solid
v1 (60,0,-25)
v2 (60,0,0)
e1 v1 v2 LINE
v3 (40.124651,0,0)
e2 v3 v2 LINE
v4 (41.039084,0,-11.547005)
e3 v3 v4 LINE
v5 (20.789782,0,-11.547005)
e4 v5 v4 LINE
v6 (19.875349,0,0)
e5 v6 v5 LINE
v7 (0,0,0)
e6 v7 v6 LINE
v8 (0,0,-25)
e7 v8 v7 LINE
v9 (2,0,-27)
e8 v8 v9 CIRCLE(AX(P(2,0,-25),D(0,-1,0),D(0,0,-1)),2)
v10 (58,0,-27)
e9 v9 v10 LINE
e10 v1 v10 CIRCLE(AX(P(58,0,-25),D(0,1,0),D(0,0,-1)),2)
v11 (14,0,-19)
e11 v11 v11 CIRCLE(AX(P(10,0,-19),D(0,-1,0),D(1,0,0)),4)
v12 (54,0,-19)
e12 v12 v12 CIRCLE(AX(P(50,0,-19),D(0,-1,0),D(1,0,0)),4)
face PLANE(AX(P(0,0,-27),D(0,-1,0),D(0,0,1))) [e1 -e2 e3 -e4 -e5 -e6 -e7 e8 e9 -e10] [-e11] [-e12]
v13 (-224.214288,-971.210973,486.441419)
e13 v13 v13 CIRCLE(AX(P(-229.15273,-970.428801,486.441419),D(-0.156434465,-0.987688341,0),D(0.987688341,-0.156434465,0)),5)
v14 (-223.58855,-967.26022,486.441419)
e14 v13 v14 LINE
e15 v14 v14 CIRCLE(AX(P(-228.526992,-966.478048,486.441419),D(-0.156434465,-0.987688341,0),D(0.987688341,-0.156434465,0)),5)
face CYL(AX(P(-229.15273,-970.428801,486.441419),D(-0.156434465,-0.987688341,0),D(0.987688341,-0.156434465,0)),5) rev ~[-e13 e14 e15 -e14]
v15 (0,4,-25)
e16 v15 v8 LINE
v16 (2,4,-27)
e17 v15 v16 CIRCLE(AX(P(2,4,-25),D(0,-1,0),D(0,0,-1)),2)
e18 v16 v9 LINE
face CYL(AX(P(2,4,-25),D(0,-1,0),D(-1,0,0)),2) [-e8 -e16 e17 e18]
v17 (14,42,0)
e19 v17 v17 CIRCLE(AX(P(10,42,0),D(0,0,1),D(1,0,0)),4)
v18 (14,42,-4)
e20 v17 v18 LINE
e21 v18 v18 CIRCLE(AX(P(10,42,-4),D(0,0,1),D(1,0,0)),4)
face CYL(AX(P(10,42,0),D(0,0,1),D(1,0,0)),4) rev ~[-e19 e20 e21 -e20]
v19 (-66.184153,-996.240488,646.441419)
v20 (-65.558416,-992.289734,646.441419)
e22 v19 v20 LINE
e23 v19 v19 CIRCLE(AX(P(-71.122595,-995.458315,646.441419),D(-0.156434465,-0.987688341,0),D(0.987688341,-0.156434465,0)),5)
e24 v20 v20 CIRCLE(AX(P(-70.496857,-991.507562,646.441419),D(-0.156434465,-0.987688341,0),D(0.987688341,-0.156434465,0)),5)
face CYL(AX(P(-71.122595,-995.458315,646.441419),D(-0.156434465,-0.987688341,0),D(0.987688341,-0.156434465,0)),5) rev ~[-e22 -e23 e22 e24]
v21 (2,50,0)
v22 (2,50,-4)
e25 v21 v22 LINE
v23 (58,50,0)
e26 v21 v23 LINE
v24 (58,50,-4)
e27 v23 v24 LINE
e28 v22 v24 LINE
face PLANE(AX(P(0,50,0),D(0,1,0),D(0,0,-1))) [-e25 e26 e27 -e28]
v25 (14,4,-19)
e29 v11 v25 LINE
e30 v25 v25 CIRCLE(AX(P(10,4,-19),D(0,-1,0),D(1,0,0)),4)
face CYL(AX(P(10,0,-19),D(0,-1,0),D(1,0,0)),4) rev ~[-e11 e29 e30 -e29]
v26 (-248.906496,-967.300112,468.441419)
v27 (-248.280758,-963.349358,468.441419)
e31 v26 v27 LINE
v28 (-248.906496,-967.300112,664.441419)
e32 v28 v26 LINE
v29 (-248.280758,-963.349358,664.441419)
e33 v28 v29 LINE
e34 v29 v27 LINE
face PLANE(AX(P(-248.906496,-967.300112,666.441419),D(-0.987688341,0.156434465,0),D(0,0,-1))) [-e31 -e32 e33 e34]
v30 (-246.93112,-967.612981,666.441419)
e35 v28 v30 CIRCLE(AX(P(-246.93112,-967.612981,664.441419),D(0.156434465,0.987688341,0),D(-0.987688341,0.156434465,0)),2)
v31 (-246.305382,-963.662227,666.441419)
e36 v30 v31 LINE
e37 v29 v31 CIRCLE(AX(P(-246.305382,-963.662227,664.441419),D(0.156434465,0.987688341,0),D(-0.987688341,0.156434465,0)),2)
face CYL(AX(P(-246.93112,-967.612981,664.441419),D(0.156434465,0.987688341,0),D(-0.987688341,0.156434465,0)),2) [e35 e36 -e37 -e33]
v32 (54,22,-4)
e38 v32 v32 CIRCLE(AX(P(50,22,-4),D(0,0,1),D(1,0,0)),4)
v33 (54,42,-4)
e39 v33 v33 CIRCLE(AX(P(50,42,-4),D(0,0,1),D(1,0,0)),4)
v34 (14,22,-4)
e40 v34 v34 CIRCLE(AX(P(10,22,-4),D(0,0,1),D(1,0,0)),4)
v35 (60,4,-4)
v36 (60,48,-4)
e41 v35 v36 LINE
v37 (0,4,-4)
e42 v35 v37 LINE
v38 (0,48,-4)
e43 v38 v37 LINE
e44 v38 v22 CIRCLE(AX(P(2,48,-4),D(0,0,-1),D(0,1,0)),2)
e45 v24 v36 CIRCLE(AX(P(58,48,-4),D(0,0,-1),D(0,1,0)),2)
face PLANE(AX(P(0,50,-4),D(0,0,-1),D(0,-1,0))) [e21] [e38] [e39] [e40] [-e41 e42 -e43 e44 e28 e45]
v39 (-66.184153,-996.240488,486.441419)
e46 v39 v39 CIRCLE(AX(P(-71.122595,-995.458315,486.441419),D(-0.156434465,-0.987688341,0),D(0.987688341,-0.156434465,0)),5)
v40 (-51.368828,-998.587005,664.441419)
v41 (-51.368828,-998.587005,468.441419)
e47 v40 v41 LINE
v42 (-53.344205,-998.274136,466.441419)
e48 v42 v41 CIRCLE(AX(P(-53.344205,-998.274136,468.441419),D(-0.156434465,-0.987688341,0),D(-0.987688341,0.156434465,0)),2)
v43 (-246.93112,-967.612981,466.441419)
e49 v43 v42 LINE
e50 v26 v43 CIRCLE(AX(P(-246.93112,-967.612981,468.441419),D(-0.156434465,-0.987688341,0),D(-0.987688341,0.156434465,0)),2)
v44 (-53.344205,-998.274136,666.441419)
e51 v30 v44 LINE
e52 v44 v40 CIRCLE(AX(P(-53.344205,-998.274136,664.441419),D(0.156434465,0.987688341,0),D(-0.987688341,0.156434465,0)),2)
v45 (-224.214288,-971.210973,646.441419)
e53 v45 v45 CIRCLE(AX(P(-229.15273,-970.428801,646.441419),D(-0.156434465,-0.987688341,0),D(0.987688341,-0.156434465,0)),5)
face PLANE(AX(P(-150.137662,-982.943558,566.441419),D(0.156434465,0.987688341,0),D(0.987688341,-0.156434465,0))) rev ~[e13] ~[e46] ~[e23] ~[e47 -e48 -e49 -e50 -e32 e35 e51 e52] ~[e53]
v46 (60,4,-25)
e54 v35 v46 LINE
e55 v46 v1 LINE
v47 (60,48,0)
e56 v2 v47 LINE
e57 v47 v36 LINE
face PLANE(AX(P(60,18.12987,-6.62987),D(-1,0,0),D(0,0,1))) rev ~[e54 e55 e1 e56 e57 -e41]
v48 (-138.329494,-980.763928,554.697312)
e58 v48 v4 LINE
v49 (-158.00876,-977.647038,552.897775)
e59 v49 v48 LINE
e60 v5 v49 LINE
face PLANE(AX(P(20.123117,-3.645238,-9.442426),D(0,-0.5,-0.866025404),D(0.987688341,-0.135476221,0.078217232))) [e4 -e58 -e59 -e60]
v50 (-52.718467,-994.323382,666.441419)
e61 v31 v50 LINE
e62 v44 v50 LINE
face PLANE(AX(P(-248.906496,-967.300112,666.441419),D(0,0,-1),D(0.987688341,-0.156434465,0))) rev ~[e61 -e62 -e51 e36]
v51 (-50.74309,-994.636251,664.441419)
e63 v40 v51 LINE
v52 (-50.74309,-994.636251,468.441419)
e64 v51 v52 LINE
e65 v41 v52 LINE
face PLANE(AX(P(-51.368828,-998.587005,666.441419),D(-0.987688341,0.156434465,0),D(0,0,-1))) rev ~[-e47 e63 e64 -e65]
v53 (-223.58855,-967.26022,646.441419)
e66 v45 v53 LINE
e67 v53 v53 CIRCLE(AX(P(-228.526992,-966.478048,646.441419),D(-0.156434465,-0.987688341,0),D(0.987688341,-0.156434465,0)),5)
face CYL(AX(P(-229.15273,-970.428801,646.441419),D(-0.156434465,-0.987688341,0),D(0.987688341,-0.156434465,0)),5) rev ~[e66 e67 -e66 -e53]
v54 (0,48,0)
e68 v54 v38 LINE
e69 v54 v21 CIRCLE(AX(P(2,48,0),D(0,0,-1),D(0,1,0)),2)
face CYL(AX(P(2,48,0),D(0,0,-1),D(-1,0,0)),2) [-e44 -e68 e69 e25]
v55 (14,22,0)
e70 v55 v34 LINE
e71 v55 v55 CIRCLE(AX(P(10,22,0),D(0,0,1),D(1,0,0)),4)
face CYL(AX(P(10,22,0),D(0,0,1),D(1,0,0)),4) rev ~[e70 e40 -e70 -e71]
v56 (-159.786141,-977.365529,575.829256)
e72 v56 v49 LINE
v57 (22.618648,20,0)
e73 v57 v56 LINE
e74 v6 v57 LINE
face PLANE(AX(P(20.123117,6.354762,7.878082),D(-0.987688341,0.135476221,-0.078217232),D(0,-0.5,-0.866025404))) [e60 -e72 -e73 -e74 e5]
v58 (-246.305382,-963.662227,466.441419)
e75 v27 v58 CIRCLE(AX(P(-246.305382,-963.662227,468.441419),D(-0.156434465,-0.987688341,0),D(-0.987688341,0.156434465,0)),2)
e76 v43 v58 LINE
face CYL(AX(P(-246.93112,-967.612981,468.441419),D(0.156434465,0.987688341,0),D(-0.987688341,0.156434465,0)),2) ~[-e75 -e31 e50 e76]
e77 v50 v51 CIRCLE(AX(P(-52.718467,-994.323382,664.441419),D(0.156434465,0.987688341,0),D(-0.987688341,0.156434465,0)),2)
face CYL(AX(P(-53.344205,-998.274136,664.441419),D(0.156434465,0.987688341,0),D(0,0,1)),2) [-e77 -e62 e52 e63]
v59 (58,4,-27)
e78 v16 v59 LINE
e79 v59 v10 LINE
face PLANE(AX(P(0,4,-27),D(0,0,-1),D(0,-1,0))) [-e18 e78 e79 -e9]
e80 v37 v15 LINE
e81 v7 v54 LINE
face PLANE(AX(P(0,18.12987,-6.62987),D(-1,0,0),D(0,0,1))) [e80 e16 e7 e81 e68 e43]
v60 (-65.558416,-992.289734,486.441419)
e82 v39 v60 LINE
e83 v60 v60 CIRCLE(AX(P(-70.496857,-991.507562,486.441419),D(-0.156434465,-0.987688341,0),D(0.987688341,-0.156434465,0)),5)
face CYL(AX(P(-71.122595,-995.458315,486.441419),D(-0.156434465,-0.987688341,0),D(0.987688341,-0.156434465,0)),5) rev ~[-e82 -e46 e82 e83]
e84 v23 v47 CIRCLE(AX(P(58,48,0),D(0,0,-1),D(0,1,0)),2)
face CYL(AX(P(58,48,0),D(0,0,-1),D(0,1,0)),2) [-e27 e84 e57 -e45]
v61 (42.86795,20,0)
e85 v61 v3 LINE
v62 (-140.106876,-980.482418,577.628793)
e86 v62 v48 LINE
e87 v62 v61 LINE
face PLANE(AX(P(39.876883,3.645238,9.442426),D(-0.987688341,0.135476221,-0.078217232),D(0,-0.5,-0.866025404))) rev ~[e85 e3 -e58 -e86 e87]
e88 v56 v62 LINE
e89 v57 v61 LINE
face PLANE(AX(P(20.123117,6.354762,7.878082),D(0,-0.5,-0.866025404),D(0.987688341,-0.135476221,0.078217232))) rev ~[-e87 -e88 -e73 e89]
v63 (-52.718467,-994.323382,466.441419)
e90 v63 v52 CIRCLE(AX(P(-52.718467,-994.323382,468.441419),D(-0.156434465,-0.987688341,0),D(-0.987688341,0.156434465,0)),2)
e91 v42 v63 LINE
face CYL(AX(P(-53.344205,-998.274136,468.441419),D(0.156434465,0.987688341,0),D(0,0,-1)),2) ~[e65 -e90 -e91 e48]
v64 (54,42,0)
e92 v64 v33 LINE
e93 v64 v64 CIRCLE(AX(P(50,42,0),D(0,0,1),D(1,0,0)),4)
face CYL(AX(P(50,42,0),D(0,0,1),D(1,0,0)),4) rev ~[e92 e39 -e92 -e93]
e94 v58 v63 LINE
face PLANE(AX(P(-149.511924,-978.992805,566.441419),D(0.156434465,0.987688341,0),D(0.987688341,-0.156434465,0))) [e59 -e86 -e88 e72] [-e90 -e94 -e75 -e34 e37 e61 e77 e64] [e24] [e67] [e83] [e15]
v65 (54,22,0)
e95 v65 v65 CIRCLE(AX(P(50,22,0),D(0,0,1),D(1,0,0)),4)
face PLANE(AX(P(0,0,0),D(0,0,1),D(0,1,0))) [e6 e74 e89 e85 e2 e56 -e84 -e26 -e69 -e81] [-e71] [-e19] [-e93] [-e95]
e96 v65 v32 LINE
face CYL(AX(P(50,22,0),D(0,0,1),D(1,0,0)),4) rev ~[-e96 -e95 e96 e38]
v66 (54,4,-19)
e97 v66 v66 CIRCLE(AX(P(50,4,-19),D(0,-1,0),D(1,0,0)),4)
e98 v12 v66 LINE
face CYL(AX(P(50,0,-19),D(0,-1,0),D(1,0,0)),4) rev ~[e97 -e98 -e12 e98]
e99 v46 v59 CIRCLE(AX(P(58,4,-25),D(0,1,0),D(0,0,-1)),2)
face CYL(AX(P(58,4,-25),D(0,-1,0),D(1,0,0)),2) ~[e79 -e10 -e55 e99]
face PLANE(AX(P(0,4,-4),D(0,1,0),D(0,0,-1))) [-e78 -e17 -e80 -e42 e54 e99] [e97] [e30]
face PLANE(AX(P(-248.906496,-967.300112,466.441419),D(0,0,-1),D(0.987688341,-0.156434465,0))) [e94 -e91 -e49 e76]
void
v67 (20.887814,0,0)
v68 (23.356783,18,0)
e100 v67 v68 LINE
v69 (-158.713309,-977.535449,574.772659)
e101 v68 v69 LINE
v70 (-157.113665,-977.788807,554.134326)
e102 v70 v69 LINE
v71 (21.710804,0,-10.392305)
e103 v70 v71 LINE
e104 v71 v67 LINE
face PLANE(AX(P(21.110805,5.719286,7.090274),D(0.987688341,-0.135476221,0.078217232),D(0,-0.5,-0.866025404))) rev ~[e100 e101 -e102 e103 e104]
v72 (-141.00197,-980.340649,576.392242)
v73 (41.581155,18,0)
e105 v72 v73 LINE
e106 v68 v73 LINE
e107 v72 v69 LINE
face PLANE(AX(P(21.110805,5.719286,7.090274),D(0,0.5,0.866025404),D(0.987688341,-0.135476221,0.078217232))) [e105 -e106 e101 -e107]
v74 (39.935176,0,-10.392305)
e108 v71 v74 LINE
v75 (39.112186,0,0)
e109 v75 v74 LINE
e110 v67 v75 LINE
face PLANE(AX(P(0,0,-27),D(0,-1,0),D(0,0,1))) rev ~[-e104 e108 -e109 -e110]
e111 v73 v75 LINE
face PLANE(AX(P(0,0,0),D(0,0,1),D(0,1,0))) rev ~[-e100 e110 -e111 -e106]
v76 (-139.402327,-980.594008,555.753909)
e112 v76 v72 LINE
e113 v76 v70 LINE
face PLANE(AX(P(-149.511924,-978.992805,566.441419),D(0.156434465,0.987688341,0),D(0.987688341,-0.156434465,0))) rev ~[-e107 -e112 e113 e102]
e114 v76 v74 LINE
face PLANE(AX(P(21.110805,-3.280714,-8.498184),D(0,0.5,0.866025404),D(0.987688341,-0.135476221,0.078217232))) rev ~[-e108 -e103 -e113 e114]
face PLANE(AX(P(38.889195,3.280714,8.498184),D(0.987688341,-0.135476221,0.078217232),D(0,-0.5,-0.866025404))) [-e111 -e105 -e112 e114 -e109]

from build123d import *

# Parameters (mm, degrees)
BOSS_EXTRUDE1_DEPTH      = 60
SKETCH3_W                = 20
SKETCH3_H                = 20
SKETCH3_W_2              = 18
SKETCH3_H_2              = 18
BOSS_EXTRUDE2_DEPTH      = 2000
BOSS_EXTRUDE2_DEPTH_BACK = 20
CUT_EXTRUDE1_DEPTH       = 60
SKETCH6_W                = 200
SKETCH6_H                = 200
BOSS_EXTRUDE3_DEPTH      = 4
SKETCH7_W                = 155.890708873
SKETCH7_H                = 491.291930993
CUT_EXTRUDE2_DEPTH       = 1000
CUT_EXTRUDE3_REACH       = 29
SKETCH8_R                = 3.999999996
CUT_EXTRUDE4_REACH       = 52
SKETCH9_R                = 4.000000003
CUT_EXTRUDE5_REACH       = 1055.099
SKETCH10_R               = 5
FILLET1_R                = 2
FILLET2_R                = 2


with BuildPart() as part:
    # Sketch1 → Boss-Extrude1 (new body)
    with BuildSketch(Plane(origin=(0, 0, 0), x_dir=(0, 0, -1), z_dir=(1, 0, 0))):
        Polygon((0, 0), (0, 50), (4, 50), (4, 4), (27, 4), (27, 0), align=None)
    extrude(amount=BOSS_EXTRUDE1_DEPTH)

    # Sketch3 → Boss-Extrude2 (add, two sides)
    with BuildSketch(Plane(origin=(0.734152256, 4.01424851, -2.317627458), x_dir=(0, -0.5, -0.866025404), z_dir=(-0.156434465, -0.855363194, 0.49384417))) as boss_extrude2_sk:
        with Locations((0, 29.630650218)):
            Rectangle(SKETCH3_W, SKETCH3_H)
        with Locations((0, 29.630650218)):
            Rectangle(SKETCH3_W_2, SKETCH3_H_2, mode=Mode.SUBTRACT)
    extrude(amount=BOSS_EXTRUDE2_DEPTH)
    extrude(boss_extrude2_sk.sketch, amount=-BOSS_EXTRUDE2_DEPTH_BACK)

    # Sketch4 → Cut-Extrude1 (cut)
    with BuildSketch(Plane.ZY):
        Polygon((-4, 4), (-4, 34.425897354), (-31.384039134, 4), align=None)
    extrude(amount=-CUT_EXTRUDE1_DEPTH, mode=Mode.SUBTRACT)

    # Sketch6 → Boss-Extrude3 (add)
    with BuildSketch(Plane(origin=(-155.547262091, -982.086761679, 2e-09), x_dir=(0.987688341, -0.156434465, 0), z_dir=(0.156434465, 0.987688341, 0))):
        with Locations((5.477031179, -566.441418586)):
            Rectangle(SKETCH6_W, SKETCH6_H)
    extrude(amount=BOSS_EXTRUDE3_DEPTH)

    # Sketch7 → Cut-Extrude2 (cut)
    with BuildSketch(Plane(origin=(-155.547262091, -982.086761679, 2e-09), x_dir=(0.987688341, -0.156434465, 0), z_dir=(-0.156434465, -0.987688341, 0))):
        with Locations((-7.001123273, 786.089826429)):
            Rectangle(SKETCH7_W, SKETCH7_H)
    extrude(amount=CUT_EXTRUDE2_DEPTH, mode=Mode.SUBTRACT)

    # Sketch8 → Cut-Extrude3 (cut, up to next)
    with BuildSketch(Plane.XY, mode=Mode.PRIVATE) as cut_extrude3_sk1:
        with Locations((10, 22)):
            Circle(SKETCH8_R)
    cut_extrude3_tool1 = extrude(cut_extrude3_sk1.sketch, amount=-CUT_EXTRUDE3_REACH, mode=Mode.PRIVATE) & part.part
    add(cut_extrude3_tool1.solids().sort_by_distance((10, 22, 0))[0], mode=Mode.SUBTRACT)
    # Sketch8 → Cut-Extrude3 (cut, up to next)
    with BuildSketch(Plane.XY, mode=Mode.PRIVATE) as cut_extrude3_sk2:
        with Locations((50, 22)):
            Circle(SKETCH8_R)
    cut_extrude3_tool2 = extrude(cut_extrude3_sk2.sketch, amount=-CUT_EXTRUDE3_REACH, mode=Mode.PRIVATE) & part.part
    add(cut_extrude3_tool2.solids().sort_by_distance((50, 22, 0))[0], mode=Mode.SUBTRACT)
    # Sketch8 → Cut-Extrude3 (cut, up to next)
    with BuildSketch(Plane.XY, mode=Mode.PRIVATE) as cut_extrude3_sk3:
        with Locations((50, 42)):
            Circle(SKETCH8_R)
    cut_extrude3_tool3 = extrude(cut_extrude3_sk3.sketch, amount=-CUT_EXTRUDE3_REACH, mode=Mode.PRIVATE) & part.part
    add(cut_extrude3_tool3.solids().sort_by_distance((50, 42, 0))[0], mode=Mode.SUBTRACT)
    # Sketch8 → Cut-Extrude3 (cut, up to next)
    with BuildSketch(Plane.XY, mode=Mode.PRIVATE) as cut_extrude3_sk4:
        with Locations((10, 42)):
            Circle(SKETCH8_R)
    cut_extrude3_tool4 = extrude(cut_extrude3_sk4.sketch, amount=-CUT_EXTRUDE3_REACH, mode=Mode.PRIVATE) & part.part
    add(cut_extrude3_tool4.solids().sort_by_distance((10, 42, 0))[0], mode=Mode.SUBTRACT)

    # Sketch9 → Cut-Extrude4 (cut, up to next)
    with BuildSketch(Plane.XZ, mode=Mode.PRIVATE) as cut_extrude4_sk1:
        with Locations((50, -19)):
            Circle(SKETCH9_R)
    cut_extrude4_tool1 = extrude(cut_extrude4_sk1.sketch, amount=-CUT_EXTRUDE4_REACH, mode=Mode.PRIVATE) & part.part
    add(cut_extrude4_tool1.solids().sort_by_distance((50, 0, -19))[0], mode=Mode.SUBTRACT)
    # Sketch9 → Cut-Extrude4 (cut, up to next)
    with BuildSketch(Plane.XZ, mode=Mode.PRIVATE) as cut_extrude4_sk2:
        with Locations((10, -19)):
            Circle(SKETCH9_R)
    cut_extrude4_tool2 = extrude(cut_extrude4_sk2.sketch, amount=-CUT_EXTRUDE4_REACH, mode=Mode.PRIVATE) & part.part
    add(cut_extrude4_tool2.solids().sort_by_distance((10, 0, -19))[0], mode=Mode.SUBTRACT)

    # Sketch10 → Cut-Extrude5 (cut, up to next)
    with BuildSketch(Plane(origin=(-155.547262091, -982.086761679, 2e-09), x_dir=(0.987688341, -0.156434465, 0), z_dir=(-0.156434465, -0.987688341, 0)), mode=Mode.PRIVATE) as cut_extrude5_sk1:
        with Locations((-74.522968944, 646.441418561)):
            Circle(SKETCH10_R)
    cut_extrude5_tool1 = extrude(cut_extrude5_sk1.sketch, amount=-CUT_EXTRUDE5_REACH, mode=Mode.PRIVATE) & part.part
    add(cut_extrude5_tool1.solids().sort_by_distance((-229.152729, -970.428801, 646.441419))[0], mode=Mode.SUBTRACT)
    # Sketch10 → Cut-Extrude5 (cut, up to next)
    with BuildSketch(Plane(origin=(-155.547262091, -982.086761679, 2e-09), x_dir=(0.987688341, -0.156434465, 0), z_dir=(-0.156434465, -0.987688341, 0)), mode=Mode.PRIVATE) as cut_extrude5_sk2:
        with Locations((85.477031056, 646.441418561)):
            Circle(SKETCH10_R)
    cut_extrude5_tool2 = extrude(cut_extrude5_sk2.sketch, amount=-CUT_EXTRUDE5_REACH, mode=Mode.PRIVATE) & part.part
    add(cut_extrude5_tool2.solids().sort_by_distance((-71.122595, -995.458315, 646.441419))[0], mode=Mode.SUBTRACT)
    # Sketch10 → Cut-Extrude5 (cut, up to next)
    with BuildSketch(Plane(origin=(-155.547262091, -982.086761679, 2e-09), x_dir=(0.987688341, -0.156434465, 0), z_dir=(-0.156434465, -0.987688341, 0)), mode=Mode.PRIVATE) as cut_extrude5_sk3:
        with Locations((85.477031056, 486.441418561)):
            Circle(SKETCH10_R)
    cut_extrude5_tool3 = extrude(cut_extrude5_sk3.sketch, amount=-CUT_EXTRUDE5_REACH, mode=Mode.PRIVATE) & part.part
    add(cut_extrude5_tool3.solids().sort_by_distance((-71.122595, -995.458315, 486.441419))[0], mode=Mode.SUBTRACT)
    # Sketch10 → Cut-Extrude5 (cut, up to next)
    with BuildSketch(Plane(origin=(-155.547262091, -982.086761679, 2e-09), x_dir=(0.987688341, -0.156434465, 0), z_dir=(-0.156434465, -0.987688341, 0)), mode=Mode.PRIVATE) as cut_extrude5_sk4:
        with Locations((-74.522968944, 486.441418561)):
            Circle(SKETCH10_R)
    cut_extrude5_tool4 = extrude(cut_extrude5_sk4.sketch, amount=-CUT_EXTRUDE5_REACH, mode=Mode.PRIVATE) & part.part
    add(cut_extrude5_tool4.solids().sort_by_distance((-229.152729, -970.428801, 486.441419))[0], mode=Mode.SUBTRACT)

    # Fillet1
    fillet1_edges = [part.edges().sort_by_distance(p)[0] for p in [
        (-248.593627385, -965.324734936, 466.441418588),
        (-248.593627385, -965.324734936, 666.441418588),
        (-51.055959265, -996.611627943, 666.441418588),
        (-51.055959265, -996.611627943, 466.441418588),
    ]]
    fillet(fillet1_edges, radius=FILLET1_R)

    # Fillet2
    fillet2_edges = [part.edges().sort_by_distance(p)[0] for p in [
        (60, 50, -2),
        (0, 50, -2),
        (60, 2, -27),
        (0, 2, -27),
    ]]
    fillet(fillet2_edges, radius=FILLET2_R)


solid = part.part
